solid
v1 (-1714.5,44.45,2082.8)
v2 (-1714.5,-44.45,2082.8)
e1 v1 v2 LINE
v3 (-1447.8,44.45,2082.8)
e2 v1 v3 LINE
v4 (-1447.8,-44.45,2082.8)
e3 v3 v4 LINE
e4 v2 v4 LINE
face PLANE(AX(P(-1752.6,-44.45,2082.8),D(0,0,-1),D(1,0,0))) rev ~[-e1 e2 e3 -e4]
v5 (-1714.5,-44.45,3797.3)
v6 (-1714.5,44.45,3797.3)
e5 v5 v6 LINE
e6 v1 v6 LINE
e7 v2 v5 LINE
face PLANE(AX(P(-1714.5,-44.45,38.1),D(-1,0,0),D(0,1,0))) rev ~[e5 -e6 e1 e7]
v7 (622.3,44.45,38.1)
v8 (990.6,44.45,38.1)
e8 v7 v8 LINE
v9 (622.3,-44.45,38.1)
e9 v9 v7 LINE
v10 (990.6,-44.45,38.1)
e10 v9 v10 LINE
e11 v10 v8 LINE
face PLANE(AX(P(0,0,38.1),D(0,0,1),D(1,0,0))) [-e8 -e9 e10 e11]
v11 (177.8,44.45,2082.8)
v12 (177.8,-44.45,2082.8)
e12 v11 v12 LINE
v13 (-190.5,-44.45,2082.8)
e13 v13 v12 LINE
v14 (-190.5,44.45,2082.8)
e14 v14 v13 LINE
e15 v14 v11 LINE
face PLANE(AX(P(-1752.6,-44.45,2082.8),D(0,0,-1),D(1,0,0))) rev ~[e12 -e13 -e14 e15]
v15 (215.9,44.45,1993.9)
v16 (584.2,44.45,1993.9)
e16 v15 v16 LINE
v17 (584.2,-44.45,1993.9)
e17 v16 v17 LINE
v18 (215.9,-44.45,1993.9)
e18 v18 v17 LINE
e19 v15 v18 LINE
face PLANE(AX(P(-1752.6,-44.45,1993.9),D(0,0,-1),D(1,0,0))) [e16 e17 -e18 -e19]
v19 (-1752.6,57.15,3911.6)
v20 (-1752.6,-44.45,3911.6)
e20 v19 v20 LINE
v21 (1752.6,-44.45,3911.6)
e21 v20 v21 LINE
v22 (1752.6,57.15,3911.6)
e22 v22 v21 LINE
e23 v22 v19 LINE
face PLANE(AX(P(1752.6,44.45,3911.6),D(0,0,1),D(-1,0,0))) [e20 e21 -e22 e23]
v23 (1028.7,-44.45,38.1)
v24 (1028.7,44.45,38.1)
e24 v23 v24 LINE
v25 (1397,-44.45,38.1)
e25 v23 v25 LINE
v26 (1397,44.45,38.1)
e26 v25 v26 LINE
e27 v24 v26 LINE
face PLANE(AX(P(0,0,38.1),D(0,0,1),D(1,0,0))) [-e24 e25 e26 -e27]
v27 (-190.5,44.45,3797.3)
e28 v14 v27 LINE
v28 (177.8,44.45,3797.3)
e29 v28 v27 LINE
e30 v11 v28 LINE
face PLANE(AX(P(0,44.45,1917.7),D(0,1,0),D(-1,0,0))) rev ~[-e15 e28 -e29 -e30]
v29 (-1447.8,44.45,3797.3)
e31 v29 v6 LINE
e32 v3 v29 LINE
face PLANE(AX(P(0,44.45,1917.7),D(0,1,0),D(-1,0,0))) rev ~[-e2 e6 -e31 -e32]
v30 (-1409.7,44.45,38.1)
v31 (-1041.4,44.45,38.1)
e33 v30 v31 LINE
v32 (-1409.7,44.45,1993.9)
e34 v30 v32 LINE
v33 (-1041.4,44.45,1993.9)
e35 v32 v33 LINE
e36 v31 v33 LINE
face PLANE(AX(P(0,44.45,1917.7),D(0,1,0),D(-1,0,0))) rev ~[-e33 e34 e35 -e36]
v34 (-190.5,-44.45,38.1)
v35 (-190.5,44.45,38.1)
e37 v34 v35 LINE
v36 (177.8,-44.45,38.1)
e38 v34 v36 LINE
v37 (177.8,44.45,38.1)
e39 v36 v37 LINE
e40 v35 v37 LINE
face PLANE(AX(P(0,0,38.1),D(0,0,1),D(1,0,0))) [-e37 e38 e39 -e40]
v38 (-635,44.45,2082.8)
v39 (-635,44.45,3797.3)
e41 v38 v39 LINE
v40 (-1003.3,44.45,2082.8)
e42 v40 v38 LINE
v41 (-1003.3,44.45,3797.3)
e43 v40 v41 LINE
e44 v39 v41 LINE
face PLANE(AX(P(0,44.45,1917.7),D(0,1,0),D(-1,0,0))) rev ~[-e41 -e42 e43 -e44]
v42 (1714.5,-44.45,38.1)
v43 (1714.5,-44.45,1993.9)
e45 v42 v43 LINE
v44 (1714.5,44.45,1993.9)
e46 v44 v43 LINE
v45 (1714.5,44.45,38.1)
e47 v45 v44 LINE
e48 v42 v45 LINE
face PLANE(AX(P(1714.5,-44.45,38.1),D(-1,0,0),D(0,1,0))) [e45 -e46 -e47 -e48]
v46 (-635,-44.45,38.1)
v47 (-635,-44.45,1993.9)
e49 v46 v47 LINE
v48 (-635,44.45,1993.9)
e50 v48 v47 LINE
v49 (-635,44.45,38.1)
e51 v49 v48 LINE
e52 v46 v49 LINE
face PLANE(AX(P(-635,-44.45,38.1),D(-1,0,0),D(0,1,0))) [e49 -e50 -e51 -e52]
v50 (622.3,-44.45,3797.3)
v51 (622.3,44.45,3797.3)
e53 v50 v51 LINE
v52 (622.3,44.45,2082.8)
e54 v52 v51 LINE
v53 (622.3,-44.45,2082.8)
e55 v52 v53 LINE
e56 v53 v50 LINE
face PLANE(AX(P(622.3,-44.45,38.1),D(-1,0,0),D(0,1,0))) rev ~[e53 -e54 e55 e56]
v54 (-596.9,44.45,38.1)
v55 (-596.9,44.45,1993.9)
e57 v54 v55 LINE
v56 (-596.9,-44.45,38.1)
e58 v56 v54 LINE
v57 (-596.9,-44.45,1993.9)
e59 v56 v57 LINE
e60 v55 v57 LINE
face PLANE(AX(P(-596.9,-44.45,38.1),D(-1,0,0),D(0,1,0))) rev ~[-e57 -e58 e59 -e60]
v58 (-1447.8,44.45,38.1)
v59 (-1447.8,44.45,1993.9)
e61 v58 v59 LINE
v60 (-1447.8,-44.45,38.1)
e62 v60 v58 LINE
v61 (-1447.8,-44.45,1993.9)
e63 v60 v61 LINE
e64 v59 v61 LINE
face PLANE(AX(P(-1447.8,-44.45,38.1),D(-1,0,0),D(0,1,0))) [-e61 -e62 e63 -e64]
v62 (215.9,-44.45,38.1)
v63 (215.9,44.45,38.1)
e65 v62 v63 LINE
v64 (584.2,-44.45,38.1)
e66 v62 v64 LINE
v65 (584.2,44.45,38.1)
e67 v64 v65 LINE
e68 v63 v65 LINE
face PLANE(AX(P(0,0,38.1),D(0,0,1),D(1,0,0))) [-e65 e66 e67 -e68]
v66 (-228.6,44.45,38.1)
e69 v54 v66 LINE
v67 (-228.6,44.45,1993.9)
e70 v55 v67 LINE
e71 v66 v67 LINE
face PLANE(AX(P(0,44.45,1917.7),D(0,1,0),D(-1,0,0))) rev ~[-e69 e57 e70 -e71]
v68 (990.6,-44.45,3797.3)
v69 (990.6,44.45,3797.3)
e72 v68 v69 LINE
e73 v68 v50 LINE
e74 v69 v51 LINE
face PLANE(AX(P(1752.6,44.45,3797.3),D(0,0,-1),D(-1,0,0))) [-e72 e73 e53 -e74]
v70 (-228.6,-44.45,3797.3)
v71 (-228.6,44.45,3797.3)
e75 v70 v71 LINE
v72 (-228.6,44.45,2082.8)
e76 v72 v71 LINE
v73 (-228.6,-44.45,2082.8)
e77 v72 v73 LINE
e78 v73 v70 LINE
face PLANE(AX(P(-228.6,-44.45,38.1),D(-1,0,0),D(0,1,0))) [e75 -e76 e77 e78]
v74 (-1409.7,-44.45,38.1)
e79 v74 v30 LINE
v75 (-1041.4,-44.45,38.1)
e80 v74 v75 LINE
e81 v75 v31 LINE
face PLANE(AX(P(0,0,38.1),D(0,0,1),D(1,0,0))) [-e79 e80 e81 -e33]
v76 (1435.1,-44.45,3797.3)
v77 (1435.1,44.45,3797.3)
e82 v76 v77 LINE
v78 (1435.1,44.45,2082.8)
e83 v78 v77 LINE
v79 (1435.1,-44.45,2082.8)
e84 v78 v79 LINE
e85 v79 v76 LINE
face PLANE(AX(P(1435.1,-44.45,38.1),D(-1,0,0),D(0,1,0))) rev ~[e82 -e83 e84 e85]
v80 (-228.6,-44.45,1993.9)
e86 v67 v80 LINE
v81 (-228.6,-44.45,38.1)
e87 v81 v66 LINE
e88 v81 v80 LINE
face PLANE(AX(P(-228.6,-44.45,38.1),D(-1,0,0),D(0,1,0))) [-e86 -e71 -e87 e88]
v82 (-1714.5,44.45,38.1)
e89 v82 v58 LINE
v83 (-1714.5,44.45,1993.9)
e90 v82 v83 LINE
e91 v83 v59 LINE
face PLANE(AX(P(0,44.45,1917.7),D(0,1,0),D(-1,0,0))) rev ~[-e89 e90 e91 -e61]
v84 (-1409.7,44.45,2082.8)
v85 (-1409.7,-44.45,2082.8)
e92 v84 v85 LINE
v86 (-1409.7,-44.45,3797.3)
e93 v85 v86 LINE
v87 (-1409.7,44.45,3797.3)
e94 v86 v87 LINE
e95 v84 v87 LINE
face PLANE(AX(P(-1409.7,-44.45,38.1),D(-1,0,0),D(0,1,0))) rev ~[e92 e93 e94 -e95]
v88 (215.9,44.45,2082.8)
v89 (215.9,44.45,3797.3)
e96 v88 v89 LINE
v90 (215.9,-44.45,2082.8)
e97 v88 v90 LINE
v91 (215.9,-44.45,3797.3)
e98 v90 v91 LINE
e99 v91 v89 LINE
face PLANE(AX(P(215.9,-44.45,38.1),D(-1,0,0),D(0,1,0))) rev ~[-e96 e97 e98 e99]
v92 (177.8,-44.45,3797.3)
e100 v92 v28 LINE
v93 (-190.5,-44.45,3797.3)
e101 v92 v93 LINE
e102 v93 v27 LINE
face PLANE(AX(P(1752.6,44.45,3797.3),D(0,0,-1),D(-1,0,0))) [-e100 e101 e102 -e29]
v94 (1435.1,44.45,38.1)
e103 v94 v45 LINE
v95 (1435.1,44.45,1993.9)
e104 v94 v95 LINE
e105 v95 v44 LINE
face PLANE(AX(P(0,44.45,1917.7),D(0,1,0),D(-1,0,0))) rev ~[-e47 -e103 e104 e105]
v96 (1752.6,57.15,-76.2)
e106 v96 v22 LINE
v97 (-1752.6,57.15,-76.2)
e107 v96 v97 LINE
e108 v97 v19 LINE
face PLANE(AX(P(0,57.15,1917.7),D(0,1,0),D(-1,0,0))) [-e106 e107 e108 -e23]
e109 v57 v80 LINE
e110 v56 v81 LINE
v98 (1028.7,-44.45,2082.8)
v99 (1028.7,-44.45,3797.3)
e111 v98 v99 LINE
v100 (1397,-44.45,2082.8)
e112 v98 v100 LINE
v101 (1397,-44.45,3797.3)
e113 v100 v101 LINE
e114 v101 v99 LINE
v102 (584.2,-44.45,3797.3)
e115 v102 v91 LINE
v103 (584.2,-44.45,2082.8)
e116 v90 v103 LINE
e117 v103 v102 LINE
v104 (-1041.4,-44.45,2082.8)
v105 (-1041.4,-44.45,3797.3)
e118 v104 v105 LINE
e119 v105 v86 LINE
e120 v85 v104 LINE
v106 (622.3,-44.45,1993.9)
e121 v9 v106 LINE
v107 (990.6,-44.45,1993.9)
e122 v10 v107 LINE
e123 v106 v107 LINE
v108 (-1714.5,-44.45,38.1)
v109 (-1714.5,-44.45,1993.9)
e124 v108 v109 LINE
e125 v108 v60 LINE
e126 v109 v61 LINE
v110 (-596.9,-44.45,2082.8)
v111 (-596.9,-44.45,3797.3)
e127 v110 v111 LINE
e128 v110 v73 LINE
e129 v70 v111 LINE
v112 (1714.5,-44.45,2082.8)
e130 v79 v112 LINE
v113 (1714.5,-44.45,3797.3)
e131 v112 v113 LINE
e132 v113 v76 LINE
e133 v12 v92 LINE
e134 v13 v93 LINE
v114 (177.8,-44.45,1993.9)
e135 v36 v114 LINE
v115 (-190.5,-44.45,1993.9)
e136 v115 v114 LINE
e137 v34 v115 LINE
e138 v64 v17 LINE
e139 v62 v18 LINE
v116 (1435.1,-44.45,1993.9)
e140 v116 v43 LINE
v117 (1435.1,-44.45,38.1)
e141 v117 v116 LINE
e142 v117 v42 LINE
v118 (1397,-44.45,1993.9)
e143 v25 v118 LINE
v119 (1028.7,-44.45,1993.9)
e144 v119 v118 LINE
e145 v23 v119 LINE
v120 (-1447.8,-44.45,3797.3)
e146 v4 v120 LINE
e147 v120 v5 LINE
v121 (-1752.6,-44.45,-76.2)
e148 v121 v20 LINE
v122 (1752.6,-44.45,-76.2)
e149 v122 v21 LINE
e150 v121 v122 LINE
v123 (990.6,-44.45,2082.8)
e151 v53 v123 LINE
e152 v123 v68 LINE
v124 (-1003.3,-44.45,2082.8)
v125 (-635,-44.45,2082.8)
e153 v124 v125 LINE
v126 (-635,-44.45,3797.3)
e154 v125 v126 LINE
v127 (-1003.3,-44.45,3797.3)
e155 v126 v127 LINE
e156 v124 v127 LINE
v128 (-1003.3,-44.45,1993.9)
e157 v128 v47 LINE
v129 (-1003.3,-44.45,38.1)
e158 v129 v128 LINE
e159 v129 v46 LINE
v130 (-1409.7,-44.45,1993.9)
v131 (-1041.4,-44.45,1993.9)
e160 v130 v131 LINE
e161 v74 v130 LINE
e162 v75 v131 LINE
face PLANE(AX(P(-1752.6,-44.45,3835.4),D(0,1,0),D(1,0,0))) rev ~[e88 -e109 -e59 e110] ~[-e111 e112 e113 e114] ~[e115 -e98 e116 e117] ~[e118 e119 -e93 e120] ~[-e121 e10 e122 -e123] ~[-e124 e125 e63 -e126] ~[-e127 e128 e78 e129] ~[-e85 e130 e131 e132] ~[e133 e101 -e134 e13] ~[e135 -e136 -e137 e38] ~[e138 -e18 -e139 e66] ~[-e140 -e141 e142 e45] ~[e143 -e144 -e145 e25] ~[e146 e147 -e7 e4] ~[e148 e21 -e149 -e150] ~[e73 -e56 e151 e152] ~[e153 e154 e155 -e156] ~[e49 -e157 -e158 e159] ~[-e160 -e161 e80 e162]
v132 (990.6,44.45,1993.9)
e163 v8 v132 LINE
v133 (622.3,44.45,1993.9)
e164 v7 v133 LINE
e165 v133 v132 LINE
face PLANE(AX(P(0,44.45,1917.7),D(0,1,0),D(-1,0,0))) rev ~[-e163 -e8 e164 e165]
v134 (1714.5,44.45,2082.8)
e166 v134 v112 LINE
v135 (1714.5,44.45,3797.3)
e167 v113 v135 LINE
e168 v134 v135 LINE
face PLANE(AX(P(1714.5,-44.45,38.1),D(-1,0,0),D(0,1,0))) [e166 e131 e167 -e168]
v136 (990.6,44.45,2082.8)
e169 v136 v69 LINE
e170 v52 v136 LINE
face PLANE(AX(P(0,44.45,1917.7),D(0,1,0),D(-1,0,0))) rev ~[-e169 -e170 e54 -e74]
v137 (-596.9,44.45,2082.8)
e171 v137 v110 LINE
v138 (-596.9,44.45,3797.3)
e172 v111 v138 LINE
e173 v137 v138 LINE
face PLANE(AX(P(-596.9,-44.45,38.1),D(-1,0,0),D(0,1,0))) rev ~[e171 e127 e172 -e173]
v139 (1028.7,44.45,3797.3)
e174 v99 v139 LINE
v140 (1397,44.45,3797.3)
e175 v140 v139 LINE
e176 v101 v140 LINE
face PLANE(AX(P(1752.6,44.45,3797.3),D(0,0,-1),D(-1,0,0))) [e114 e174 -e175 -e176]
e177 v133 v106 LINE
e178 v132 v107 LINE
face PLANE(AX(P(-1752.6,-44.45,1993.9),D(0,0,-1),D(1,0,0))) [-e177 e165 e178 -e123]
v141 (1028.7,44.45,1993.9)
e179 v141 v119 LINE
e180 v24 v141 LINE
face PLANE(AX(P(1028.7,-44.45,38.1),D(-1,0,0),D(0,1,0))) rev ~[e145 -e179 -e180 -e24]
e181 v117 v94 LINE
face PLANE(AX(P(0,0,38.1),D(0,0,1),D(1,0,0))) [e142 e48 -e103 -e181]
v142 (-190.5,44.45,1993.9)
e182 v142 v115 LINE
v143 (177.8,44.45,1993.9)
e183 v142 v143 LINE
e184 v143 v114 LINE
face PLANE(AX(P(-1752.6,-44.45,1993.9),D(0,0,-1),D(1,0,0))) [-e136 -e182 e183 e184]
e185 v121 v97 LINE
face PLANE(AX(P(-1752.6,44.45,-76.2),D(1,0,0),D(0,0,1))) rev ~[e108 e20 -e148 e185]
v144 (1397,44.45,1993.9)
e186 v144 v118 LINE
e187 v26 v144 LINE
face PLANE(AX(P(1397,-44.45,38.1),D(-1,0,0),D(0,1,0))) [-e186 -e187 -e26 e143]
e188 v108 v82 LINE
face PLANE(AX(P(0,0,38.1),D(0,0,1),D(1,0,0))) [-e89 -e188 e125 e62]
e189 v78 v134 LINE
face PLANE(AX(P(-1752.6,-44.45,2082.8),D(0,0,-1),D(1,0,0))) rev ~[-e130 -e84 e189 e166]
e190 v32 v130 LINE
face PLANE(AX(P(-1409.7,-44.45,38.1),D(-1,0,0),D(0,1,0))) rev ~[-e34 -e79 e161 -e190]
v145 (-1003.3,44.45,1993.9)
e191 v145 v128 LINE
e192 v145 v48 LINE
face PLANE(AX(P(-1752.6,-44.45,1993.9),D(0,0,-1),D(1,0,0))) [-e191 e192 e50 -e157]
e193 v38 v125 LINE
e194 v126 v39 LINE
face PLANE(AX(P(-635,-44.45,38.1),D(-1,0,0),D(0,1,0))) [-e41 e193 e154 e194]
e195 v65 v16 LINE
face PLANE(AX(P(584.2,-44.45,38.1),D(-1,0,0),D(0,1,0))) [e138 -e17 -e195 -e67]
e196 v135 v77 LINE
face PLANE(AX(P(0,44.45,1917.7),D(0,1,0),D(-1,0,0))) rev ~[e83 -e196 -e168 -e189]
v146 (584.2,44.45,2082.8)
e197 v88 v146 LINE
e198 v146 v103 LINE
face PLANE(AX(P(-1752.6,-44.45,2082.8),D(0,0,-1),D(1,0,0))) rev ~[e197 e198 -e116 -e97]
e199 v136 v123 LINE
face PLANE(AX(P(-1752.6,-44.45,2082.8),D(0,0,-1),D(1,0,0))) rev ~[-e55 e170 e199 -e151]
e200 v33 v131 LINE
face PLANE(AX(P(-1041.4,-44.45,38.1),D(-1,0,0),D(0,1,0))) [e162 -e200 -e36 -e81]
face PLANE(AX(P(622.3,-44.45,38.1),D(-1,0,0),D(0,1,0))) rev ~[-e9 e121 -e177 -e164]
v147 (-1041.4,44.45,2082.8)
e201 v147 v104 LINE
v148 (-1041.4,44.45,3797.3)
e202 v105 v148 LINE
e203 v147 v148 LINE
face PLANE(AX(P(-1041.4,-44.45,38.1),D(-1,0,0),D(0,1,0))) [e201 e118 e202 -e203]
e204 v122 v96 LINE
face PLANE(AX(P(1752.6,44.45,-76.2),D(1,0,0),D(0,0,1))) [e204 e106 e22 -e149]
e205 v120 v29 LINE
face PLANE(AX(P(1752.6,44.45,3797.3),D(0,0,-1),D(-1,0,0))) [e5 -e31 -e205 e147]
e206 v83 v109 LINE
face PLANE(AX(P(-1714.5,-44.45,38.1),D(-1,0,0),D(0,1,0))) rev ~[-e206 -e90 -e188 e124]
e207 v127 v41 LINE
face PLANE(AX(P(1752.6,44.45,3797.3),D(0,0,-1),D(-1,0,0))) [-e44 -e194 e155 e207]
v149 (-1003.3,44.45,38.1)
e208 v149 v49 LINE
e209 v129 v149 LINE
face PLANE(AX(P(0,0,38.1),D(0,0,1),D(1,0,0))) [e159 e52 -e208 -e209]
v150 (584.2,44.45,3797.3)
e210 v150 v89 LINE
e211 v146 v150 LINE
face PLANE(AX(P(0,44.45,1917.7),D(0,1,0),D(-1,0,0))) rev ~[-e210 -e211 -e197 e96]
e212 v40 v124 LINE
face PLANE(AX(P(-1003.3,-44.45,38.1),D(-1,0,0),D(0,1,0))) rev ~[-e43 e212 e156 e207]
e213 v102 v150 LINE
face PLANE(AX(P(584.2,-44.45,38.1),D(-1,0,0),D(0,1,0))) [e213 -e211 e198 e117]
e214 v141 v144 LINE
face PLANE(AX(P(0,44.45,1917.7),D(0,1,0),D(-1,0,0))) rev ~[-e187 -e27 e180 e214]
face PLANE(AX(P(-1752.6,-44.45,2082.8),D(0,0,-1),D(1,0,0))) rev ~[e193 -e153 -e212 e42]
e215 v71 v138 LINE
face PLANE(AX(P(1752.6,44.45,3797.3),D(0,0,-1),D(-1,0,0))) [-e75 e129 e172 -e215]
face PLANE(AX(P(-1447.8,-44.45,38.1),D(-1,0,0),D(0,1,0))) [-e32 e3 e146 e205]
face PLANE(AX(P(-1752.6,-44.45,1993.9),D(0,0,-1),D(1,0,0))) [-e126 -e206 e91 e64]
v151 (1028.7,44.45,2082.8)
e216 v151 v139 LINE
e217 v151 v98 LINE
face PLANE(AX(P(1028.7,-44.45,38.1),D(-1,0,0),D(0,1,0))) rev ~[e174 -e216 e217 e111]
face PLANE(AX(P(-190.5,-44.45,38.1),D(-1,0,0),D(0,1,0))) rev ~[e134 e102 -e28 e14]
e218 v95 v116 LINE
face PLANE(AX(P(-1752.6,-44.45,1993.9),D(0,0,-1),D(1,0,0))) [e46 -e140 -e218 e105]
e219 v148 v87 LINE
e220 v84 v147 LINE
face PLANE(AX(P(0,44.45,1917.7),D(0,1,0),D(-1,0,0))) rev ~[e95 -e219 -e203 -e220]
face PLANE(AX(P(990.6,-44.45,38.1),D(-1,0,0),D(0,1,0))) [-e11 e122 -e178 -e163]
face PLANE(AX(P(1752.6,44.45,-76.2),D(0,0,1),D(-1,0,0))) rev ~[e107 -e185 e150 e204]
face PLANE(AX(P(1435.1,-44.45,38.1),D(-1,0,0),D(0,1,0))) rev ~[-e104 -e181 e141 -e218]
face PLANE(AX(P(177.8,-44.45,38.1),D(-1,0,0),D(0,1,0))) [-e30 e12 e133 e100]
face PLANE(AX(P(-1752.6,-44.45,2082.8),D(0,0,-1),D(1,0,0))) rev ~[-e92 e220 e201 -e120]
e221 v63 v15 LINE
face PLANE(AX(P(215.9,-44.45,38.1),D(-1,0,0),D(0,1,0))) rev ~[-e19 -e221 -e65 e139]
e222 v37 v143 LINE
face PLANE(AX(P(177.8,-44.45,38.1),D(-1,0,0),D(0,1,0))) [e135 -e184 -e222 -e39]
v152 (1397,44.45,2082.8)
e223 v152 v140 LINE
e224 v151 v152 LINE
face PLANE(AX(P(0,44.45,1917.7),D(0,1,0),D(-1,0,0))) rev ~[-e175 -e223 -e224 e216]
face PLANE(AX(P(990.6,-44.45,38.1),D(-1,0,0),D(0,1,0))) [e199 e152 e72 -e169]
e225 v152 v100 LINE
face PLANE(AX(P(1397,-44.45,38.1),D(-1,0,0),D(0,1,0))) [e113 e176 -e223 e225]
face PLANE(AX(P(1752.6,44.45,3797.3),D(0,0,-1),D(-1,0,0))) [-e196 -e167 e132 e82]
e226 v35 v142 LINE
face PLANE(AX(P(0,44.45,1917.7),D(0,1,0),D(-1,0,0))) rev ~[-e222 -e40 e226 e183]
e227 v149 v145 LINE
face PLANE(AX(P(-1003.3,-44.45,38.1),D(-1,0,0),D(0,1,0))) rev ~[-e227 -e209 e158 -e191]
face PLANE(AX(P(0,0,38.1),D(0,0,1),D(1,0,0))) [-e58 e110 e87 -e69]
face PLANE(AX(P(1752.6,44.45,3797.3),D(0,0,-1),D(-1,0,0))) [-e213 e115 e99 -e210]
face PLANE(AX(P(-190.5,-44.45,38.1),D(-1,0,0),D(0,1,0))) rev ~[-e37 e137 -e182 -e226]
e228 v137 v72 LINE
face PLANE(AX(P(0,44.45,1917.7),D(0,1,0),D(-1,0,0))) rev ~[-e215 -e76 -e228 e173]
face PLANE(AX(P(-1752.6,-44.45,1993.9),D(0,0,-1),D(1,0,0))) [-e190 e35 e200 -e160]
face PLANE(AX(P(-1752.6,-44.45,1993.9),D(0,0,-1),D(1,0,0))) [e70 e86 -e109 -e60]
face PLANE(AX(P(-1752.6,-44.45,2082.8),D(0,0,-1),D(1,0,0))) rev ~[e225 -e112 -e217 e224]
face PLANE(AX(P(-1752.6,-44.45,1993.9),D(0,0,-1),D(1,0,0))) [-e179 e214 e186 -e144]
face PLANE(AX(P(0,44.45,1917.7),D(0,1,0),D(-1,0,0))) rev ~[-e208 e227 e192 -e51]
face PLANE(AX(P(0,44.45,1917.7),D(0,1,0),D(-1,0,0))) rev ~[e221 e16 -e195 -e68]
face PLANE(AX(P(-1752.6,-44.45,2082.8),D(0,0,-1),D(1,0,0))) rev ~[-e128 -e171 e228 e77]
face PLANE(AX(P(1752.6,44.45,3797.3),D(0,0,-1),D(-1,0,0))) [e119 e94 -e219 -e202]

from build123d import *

# Parameters (mm, degrees)
F0_W      = 3505.2
F0_H      = 88.9
F1_DEPTH  = 38.1
F2_W      = 38.1
F2_H      = 88.9
F3_DEPTH  = 3759.2
F4_W      = 3505.2
F4_H      = 88.9
F5_DEPTH  = 76.2
F6_W      = 3505.2
F6_H      = 38.1
F7_DEPTH  = 88.9
F8_W      = 3505.2
F8_H      = 88.9
F9_DEPTH  = 76.2
F10_W     = 3505.2
F10_H     = 88.9
F11_DEPTH = 88.9
F12_W     = 3505.2
F12_H     = 3987.8
F13_DEPTH = 12.7


with BuildPart() as f1:
    # F0 (on Top) → F1 (new body)
    with BuildSketch(Plane.XY):
        Rectangle(F0_W, F0_H)
    extrude(amount=F1_DEPTH)

    # F2 (on face) → F3 (join)
    with BuildSketch(Plane.XY.offset(38.1)):
        with Locations((1733.55, 0)):
            Rectangle(F2_W, F2_H)
        with Locations((1416.05, 0)):
            Rectangle(F2_W, F2_H)
        with Locations((1009.65, 0)):
            Rectangle(F2_W, F2_H)
        with Locations((603.25, 0)):
            Rectangle(F2_W, F2_H)
        with Locations((196.85, 0)):
            Rectangle(F2_W, F2_H)
        with Locations((-209.55, 0)):
            Rectangle(F2_W, F2_H)
        with Locations((-615.95, 0)):
            Rectangle(F2_W, F2_H)
        with Locations((-1022.35, 0)):
            Rectangle(F2_W, F2_H)
        with Locations((-1733.55, 0)):
            Rectangle(F2_W, F2_H)
        with Locations((-1428.75, 0)):
            Rectangle(F2_W, F2_H)
    extrude(amount=F3_DEPTH)

    # F4 (on face) → F5 (join)
    with BuildSketch(Plane(origin=(0, 0, 0), x_dir=(1, 0, 0), z_dir=(0, 0, -1))):
        Rectangle(F4_W, F4_H)
    extrude(amount=F5_DEPTH)

    # F6 (on face) → F7 (join)
    with BuildSketch(Plane(origin=(0, 44.45, 0), x_dir=(-1, 0, 0), z_dir=(0, 1, 0))):
        with Locations((0, 3816.35)):
            Rectangle(F6_W, F6_H)
    extrude(amount=-F7_DEPTH)

    # F8 (on face) → F9 (join)
    with BuildSketch(Plane.XY.offset(3835.4)):
        Rectangle(F8_W, F8_H)
    extrude(amount=F9_DEPTH)

    # F10 (on face) → F11 (join)
    with BuildSketch(Plane.XZ.offset(44.45)):
        with Locations((0, 2038.35)):
            Rectangle(F10_W, F10_H)
    extrude(amount=-F11_DEPTH)

    # F12 (on face) → F13 (join)
    with BuildSketch(Plane(origin=(0, 44.45, 0), x_dir=(-1, 0, 0), z_dir=(0, 1, 0))):
        with Locations((0, 1917.7)):
            Rectangle(F12_W, F12_H)
    extrude(amount=F13_DEPTH)


solid = f1.part
